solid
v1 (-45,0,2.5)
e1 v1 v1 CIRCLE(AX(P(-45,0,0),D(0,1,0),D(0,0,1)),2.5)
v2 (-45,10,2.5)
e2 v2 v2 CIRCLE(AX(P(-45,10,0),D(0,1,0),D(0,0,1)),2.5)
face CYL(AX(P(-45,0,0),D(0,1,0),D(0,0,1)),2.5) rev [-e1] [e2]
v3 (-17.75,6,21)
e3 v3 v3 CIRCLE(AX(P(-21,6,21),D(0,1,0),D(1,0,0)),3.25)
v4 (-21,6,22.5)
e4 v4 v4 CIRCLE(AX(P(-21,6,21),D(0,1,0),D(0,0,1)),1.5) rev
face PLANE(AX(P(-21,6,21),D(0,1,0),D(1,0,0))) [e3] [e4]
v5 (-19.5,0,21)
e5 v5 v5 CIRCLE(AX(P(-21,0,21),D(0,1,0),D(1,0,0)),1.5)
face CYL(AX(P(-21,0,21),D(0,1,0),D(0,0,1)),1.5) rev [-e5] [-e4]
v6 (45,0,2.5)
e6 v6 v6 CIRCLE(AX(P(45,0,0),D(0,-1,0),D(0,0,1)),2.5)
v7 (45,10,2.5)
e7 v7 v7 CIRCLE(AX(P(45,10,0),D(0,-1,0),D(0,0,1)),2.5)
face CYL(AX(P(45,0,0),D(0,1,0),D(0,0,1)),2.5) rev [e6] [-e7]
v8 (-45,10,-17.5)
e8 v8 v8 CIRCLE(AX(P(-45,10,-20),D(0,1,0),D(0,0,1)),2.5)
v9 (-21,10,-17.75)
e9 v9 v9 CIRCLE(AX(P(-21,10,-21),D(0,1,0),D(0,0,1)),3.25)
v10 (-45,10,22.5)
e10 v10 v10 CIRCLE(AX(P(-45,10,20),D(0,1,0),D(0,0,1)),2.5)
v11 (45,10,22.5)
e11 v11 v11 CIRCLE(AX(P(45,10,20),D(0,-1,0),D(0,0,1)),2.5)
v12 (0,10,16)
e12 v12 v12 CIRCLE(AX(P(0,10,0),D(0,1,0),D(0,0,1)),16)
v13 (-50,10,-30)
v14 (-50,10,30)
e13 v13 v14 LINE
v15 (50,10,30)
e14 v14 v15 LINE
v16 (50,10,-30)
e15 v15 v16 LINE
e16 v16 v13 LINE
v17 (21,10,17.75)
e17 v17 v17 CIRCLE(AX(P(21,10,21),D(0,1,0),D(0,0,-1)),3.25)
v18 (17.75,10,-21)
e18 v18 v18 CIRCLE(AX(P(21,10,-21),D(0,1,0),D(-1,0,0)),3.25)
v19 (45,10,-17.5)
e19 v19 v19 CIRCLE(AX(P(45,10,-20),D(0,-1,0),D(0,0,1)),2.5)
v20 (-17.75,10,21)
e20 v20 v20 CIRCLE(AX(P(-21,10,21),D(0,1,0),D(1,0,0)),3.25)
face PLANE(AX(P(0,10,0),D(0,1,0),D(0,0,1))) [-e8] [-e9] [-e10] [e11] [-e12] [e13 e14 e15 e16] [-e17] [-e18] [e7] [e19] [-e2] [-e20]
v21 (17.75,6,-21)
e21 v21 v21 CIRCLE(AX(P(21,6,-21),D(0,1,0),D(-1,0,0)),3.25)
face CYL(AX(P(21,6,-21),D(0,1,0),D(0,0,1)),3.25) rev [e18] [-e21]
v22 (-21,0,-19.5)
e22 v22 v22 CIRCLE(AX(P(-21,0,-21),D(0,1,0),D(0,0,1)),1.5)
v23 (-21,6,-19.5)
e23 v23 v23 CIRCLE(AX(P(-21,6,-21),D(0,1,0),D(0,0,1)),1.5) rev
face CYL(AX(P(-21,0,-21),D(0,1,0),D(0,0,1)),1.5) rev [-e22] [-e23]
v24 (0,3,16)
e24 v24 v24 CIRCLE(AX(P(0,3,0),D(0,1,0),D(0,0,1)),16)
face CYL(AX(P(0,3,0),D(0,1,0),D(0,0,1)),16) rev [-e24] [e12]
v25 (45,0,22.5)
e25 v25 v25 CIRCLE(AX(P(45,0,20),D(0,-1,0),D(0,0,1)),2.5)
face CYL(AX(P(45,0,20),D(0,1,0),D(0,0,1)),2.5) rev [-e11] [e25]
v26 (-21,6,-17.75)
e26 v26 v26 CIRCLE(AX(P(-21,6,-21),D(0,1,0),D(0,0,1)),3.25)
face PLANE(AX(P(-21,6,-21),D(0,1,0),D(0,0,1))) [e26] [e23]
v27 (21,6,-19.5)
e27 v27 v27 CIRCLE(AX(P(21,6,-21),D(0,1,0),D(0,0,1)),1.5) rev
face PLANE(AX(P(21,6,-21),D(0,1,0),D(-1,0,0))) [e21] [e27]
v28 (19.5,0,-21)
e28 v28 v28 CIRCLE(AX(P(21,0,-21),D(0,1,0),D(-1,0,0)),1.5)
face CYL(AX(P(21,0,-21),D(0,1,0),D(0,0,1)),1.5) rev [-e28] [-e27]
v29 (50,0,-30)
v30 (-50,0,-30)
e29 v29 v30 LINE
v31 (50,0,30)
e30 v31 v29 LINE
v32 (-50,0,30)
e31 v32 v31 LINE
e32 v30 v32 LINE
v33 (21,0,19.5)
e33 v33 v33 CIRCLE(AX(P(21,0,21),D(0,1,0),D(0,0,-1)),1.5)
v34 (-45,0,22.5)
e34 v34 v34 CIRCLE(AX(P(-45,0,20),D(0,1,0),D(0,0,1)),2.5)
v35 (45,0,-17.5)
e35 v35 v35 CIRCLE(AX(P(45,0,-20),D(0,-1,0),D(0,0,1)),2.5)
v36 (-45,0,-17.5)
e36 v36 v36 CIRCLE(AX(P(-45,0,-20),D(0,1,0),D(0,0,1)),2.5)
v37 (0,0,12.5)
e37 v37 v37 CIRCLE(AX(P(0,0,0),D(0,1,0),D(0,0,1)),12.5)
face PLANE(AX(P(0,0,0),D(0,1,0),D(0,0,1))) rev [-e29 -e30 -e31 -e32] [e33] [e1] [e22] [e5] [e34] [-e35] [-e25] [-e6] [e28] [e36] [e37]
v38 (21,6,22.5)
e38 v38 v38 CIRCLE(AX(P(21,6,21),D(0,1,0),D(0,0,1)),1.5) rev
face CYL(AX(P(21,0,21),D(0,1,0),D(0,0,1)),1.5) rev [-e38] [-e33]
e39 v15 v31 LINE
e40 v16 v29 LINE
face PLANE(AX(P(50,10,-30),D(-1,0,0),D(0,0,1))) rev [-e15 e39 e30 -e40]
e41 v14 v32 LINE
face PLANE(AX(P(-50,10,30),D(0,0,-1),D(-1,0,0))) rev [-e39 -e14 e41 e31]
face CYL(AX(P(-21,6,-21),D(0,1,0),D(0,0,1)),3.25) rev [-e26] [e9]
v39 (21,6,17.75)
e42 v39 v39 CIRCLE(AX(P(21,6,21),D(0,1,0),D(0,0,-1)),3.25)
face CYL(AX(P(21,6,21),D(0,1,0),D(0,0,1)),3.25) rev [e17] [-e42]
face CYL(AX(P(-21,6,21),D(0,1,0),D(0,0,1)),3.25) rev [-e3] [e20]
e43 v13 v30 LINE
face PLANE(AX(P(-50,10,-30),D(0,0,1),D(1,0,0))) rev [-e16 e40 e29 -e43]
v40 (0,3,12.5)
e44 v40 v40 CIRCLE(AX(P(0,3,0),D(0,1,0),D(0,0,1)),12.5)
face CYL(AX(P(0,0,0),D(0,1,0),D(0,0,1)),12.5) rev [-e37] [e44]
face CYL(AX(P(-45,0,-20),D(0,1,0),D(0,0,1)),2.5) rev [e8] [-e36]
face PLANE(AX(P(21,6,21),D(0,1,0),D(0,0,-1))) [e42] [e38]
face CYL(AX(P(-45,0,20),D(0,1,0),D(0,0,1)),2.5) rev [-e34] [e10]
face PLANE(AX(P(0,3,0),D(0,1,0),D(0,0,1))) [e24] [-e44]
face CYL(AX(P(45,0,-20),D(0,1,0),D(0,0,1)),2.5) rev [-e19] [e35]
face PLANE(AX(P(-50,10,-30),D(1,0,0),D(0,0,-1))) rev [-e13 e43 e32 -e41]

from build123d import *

# Parameters (mm, degrees)
SKETCH1_W           = 100
SKETCH1_H           = 60
BOSS_EXTRUDE1_DEPTH = 10
SKETCH2_R           = 2.5
CUT_EXTRUDE1_DEPTH  = 60.160797831
SKETCH3_R           = 16
CUT_EXTRUDE2_DEPTH  = 7
SKETCH4_R           = 12.5
CUT_EXTRUDE3_DEPTH  = 59.72818744
SKETCH5_R           = 1.5
CUT_EXTRUDE4_DEPTH  = 60.160797831
SKETCH6_R           = 3.25
CUT_EXTRUDE5_DEPTH  = 4
CIRPATTERN1_COUNT   = 4


with BuildPart() as part:
    # Sketch1 → Boss-Extrude1 (new body)
    with BuildSketch(Plane(origin=(0, 0, 0), x_dir=(1, 0, 0), z_dir=(0, 1, 0))):
        Rectangle(SKETCH1_W, SKETCH1_H)
    extrude(amount=BOSS_EXTRUDE1_DEPTH)

    # Sketch2 → Cut-Extrude1 (cut, through all)
    with BuildSketch(Plane(origin=(0, 10, 0), x_dir=(1, 0, 0), z_dir=(0, 1, 0))):
        with Locations(Location((-45, -20, 0), (0, 0, 270))):
            Circle(SKETCH2_R)
        with Locations(Location((-45, 0, 0), (0, 0, 270))):
            Circle(SKETCH2_R)
        with Locations(Location((-45, 20, 0), (0, 0, 270))):
            Circle(SKETCH2_R)
    cut_extrude1 = extrude(amount=-CUT_EXTRUDE1_DEPTH, mode=Mode.SUBTRACT)

    # Mirror1: Cut-Extrude1 across plane
    add(cut_extrude1.mirror(Plane(origin=(0, 0, 0), x_dir=(0, 0, 1), z_dir=(1, 0, 0))), mode=Mode.SUBTRACT)

    # Sketch3 → Cut-Extrude2 (cut)
    with BuildSketch(Plane(origin=(0, 10, 0), x_dir=(1, 0, 0), z_dir=(0, 1, 0))):
        with Locations(Location((0, 0, 0), (0, 0, 270))):
            Circle(SKETCH3_R)
    extrude(amount=-CUT_EXTRUDE2_DEPTH, mode=Mode.SUBTRACT)

    # Sketch4 → Cut-Extrude3 (cut, through all)
    with BuildSketch(Plane(origin=(0, 3, 0), x_dir=(1, 0, 0), z_dir=(0, 1, 0))):
        with Locations(Location((0, 0, 0), (0, 0, 270))):
            Circle(SKETCH4_R)
    extrude(amount=-CUT_EXTRUDE3_DEPTH, mode=Mode.SUBTRACT)

    # Sketch5 → Cut-Extrude4 (cut, through all)
    with BuildSketch(Plane(origin=(0, 10, 0), x_dir=(1, 0, 0), z_dir=(0, 1, 0))):
        with Locations(Location((-21, 21, 0), (0, 0, 270))):
            Circle(SKETCH5_R)
    cut_extrude4 = extrude(amount=-CUT_EXTRUDE4_DEPTH, mode=Mode.SUBTRACT)

    # Sketch6 → Cut-Extrude5 (cut)
    with BuildSketch(Plane(origin=(0, 10, 0), x_dir=(1, 0, 0), z_dir=(0, 1, 0))):
        with Locations(Location((-21, 21, 0), (0, 0, 270))):
            Circle(SKETCH6_R)
    cut_extrude5 = extrude(amount=-CUT_EXTRUDE5_DEPTH, mode=Mode.SUBTRACT)

    # CirPattern1: Cut-Extrude4, Cut-Extrude5 ×4 about axis
    cirpattern1_axis = Axis((0, 0, 0), (0, 1, 0))
    add([cut_extrude4.rotate(cirpattern1_axis, i * 360 / CIRPATTERN1_COUNT) for i in range(1, CIRPATTERN1_COUNT)], mode=Mode.SUBTRACT)
    add([cut_extrude5.rotate(cirpattern1_axis, i * 360 / CIRPATTERN1_COUNT) for i in range(1, CIRPATTERN1_COUNT)], mode=Mode.SUBTRACT)


solid = part.part
